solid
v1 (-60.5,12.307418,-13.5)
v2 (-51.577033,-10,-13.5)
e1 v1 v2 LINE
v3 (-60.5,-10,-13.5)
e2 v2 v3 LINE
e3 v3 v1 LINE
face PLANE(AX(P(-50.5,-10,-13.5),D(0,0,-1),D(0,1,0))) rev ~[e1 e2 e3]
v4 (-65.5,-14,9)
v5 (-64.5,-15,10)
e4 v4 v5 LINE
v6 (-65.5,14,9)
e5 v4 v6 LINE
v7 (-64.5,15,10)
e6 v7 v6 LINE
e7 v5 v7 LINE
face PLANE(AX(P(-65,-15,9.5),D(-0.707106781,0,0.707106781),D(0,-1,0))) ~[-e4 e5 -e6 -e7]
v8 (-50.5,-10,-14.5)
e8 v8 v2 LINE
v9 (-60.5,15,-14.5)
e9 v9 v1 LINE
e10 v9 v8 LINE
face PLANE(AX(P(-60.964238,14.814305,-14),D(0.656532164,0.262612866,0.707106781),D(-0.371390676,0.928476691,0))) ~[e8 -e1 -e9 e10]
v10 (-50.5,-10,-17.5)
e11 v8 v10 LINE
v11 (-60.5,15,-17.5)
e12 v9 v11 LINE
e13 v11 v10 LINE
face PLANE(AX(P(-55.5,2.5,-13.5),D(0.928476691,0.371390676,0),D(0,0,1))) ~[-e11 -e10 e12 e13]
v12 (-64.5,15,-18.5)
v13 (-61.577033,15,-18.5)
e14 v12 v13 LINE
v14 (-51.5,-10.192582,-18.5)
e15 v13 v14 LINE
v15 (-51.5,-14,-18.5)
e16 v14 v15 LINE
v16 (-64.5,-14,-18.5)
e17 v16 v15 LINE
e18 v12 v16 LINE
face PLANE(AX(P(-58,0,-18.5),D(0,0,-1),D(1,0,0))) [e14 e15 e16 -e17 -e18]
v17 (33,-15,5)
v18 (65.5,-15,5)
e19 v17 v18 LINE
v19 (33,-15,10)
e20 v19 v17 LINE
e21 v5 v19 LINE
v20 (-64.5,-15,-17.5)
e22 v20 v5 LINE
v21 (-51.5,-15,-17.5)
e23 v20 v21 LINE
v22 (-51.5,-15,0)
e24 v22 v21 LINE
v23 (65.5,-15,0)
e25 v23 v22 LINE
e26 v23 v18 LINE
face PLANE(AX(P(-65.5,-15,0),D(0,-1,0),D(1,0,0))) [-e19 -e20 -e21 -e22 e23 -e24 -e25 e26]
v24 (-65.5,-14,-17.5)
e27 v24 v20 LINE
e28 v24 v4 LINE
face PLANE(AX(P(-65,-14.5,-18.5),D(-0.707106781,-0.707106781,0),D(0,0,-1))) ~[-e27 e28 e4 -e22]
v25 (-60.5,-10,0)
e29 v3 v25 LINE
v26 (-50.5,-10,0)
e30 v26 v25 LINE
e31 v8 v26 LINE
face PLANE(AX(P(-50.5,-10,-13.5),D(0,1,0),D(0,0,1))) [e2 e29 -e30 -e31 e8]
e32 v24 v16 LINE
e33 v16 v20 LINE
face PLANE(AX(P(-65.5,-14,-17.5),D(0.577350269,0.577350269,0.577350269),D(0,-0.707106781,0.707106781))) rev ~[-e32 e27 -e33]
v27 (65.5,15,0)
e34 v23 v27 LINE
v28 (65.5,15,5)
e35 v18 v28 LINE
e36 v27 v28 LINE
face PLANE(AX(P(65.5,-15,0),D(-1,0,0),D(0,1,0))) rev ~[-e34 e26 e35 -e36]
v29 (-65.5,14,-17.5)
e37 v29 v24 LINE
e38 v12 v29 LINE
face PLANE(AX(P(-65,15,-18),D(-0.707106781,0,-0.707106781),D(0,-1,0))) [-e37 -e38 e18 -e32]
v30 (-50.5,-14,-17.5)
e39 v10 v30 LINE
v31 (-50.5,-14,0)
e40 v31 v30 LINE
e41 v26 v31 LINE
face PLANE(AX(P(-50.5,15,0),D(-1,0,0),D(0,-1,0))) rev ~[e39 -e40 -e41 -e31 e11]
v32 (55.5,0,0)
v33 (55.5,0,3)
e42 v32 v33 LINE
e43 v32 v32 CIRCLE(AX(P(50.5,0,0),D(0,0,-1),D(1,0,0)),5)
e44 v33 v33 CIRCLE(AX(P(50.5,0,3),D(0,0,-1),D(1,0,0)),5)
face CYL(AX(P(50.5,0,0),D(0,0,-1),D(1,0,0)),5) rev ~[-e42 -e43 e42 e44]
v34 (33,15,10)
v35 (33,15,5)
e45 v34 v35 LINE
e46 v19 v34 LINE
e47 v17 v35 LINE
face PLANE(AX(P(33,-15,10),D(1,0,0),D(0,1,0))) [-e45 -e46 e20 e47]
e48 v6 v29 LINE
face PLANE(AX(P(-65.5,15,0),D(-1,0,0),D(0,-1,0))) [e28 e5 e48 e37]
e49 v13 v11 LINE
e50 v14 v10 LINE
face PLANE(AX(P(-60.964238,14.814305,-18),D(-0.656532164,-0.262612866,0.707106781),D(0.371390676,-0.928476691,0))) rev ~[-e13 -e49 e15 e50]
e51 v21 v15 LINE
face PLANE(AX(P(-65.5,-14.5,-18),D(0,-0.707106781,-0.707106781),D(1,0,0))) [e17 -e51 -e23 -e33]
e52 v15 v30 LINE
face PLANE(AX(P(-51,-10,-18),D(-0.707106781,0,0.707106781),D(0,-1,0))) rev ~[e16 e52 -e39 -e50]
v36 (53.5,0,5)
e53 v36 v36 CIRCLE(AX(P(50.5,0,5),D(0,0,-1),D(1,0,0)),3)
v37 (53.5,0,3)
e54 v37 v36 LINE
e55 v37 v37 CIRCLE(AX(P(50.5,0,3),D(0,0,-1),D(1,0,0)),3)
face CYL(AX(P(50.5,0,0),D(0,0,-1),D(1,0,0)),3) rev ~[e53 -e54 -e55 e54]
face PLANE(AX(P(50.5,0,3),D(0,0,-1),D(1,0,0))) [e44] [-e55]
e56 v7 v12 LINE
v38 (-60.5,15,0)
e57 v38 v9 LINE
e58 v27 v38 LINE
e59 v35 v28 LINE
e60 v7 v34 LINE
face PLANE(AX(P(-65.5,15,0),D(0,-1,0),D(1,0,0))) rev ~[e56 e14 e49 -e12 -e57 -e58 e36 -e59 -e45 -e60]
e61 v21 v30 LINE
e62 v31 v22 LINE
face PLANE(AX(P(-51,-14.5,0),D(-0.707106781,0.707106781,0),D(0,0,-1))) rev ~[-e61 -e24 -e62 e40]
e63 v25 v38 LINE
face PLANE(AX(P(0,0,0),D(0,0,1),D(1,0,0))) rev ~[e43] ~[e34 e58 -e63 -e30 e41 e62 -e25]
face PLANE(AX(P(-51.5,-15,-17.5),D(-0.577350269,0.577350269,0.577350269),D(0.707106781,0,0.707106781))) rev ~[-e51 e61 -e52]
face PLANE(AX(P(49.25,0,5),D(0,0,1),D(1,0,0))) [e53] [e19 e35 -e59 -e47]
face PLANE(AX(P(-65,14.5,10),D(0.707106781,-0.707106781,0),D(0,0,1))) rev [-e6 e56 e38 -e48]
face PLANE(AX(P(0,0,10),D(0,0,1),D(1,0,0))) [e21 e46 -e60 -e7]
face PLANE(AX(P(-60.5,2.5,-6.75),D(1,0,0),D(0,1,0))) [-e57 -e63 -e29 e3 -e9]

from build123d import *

# Parameters (mm, degrees)
SKETCH022_W      = 131
SKETCH022_H      = 30
PAD007_DEPTH     = 10
SKETCH021_W      = 15
SKETCH021_H      = 30
PAD008_DEPTH     = 18.5
SKETCH023_W      = 25
SKETCH023_H      = 13.5
POCKET014_DEPTH  = 10
SKETCH020_R      = 3
POCKET015_DEPTH  = 10.001
SKETCH024_W      = 32.5
SKETCH024_H      = 30
POCKET016_DEPTH  = 5
SKETCH037_R      = 5
POCKET025_DEPTH  = 3
CHAMFER004_SIZE2 = 25
CHAMFER004_SIZE  = 10
CHAMFER005_SIZE  = 1


with BuildPart() as part:
    # Sketch022 → Pad007 (new body)
    with BuildSketch(Plane.XY):
        Rectangle(SKETCH022_W, SKETCH022_H)
    extrude(amount=PAD007_DEPTH)

    # Sketch021 (on Face5 of Pad007) → Pad008 (join)
    with BuildSketch(Plane(origin=(0, 0, 0), x_dir=(1, 0, 0), z_dir=(0, 0, -1))):
        with Locations((-58, 0)):
            Rectangle(SKETCH021_W, SKETCH021_H)
    extrude(amount=PAD008_DEPTH)

    # Sketch023 (on Face9 of Pad008) → Pocket014 (cut)
    with BuildSketch(Plane.YZ.offset(-50.5)):
        with Locations((2.5, -6.75)):
            Rectangle(SKETCH023_W, SKETCH023_H)
    extrude(amount=-POCKET014_DEPTH, mode=Mode.SUBTRACT)

    # Sketch020 (on Face5 of Pocket014) → Pocket015 (cut, through all)
    with BuildSketch(Plane(origin=(0, 0, 0), x_dir=(1, 0, 0), z_dir=(0, 0, -1))):
        with Locations((50.5, 0)):
            Circle(SKETCH020_R)
    extrude(amount=-POCKET015_DEPTH, mode=Mode.SUBTRACT)

    # Sketch024 → Pocket016 (cut)
    with BuildSketch(Plane.XY.offset(10)):
        with Locations((49.25, 0)):
            Rectangle(SKETCH024_W, SKETCH024_H)
    extrude(amount=-POCKET016_DEPTH, mode=Mode.SUBTRACT)

    # Sketch037 (on Face4 of Pocket016) → Pocket025 (cut)
    with BuildSketch(Plane(origin=(0, 0, 0), x_dir=(1, 0, 0), z_dir=(0, 0, -1))):
        with Locations((50.5, 0)):
            Circle(SKETCH037_R)
    extrude(amount=-POCKET025_DEPTH, mode=Mode.SUBTRACT)

    # Chamfer004
    chamfer004_edges = [part.edges().sort_by_distance(p)[0] for p in [
        (-50.5, 15, -16),
    ]]
    chamfer004_side = part.faces().sort_by_distance((-55.5, 15, -13.73817))[0]
    chamfer(chamfer004_edges, length=CHAMFER004_SIZE, length2=CHAMFER004_SIZE2, reference=chamfer004_side)

    # Chamfer005
    chamfer005_edges = [part.edges().sort_by_distance(p)[0] for p in [
        (-55.5, 2.5, -18.5),
        (-55.5, 2.5, -13.5),
        (-50.5, -12.5, -18.5),
        (-58, -15, -18.5),
        (-50.5, -15, -9.25),
        (-65.5, 0, -18.5),
        (-65.5, 15, -9.25),
        (-65.5, 15, 5),
        (-65.5, 0, 10),
        (-65.5, -15, 5),
        (-65.5, -15, -9.25),
    ]]
    chamfer(chamfer005_edges, length=CHAMFER005_SIZE)


solid = part.part
